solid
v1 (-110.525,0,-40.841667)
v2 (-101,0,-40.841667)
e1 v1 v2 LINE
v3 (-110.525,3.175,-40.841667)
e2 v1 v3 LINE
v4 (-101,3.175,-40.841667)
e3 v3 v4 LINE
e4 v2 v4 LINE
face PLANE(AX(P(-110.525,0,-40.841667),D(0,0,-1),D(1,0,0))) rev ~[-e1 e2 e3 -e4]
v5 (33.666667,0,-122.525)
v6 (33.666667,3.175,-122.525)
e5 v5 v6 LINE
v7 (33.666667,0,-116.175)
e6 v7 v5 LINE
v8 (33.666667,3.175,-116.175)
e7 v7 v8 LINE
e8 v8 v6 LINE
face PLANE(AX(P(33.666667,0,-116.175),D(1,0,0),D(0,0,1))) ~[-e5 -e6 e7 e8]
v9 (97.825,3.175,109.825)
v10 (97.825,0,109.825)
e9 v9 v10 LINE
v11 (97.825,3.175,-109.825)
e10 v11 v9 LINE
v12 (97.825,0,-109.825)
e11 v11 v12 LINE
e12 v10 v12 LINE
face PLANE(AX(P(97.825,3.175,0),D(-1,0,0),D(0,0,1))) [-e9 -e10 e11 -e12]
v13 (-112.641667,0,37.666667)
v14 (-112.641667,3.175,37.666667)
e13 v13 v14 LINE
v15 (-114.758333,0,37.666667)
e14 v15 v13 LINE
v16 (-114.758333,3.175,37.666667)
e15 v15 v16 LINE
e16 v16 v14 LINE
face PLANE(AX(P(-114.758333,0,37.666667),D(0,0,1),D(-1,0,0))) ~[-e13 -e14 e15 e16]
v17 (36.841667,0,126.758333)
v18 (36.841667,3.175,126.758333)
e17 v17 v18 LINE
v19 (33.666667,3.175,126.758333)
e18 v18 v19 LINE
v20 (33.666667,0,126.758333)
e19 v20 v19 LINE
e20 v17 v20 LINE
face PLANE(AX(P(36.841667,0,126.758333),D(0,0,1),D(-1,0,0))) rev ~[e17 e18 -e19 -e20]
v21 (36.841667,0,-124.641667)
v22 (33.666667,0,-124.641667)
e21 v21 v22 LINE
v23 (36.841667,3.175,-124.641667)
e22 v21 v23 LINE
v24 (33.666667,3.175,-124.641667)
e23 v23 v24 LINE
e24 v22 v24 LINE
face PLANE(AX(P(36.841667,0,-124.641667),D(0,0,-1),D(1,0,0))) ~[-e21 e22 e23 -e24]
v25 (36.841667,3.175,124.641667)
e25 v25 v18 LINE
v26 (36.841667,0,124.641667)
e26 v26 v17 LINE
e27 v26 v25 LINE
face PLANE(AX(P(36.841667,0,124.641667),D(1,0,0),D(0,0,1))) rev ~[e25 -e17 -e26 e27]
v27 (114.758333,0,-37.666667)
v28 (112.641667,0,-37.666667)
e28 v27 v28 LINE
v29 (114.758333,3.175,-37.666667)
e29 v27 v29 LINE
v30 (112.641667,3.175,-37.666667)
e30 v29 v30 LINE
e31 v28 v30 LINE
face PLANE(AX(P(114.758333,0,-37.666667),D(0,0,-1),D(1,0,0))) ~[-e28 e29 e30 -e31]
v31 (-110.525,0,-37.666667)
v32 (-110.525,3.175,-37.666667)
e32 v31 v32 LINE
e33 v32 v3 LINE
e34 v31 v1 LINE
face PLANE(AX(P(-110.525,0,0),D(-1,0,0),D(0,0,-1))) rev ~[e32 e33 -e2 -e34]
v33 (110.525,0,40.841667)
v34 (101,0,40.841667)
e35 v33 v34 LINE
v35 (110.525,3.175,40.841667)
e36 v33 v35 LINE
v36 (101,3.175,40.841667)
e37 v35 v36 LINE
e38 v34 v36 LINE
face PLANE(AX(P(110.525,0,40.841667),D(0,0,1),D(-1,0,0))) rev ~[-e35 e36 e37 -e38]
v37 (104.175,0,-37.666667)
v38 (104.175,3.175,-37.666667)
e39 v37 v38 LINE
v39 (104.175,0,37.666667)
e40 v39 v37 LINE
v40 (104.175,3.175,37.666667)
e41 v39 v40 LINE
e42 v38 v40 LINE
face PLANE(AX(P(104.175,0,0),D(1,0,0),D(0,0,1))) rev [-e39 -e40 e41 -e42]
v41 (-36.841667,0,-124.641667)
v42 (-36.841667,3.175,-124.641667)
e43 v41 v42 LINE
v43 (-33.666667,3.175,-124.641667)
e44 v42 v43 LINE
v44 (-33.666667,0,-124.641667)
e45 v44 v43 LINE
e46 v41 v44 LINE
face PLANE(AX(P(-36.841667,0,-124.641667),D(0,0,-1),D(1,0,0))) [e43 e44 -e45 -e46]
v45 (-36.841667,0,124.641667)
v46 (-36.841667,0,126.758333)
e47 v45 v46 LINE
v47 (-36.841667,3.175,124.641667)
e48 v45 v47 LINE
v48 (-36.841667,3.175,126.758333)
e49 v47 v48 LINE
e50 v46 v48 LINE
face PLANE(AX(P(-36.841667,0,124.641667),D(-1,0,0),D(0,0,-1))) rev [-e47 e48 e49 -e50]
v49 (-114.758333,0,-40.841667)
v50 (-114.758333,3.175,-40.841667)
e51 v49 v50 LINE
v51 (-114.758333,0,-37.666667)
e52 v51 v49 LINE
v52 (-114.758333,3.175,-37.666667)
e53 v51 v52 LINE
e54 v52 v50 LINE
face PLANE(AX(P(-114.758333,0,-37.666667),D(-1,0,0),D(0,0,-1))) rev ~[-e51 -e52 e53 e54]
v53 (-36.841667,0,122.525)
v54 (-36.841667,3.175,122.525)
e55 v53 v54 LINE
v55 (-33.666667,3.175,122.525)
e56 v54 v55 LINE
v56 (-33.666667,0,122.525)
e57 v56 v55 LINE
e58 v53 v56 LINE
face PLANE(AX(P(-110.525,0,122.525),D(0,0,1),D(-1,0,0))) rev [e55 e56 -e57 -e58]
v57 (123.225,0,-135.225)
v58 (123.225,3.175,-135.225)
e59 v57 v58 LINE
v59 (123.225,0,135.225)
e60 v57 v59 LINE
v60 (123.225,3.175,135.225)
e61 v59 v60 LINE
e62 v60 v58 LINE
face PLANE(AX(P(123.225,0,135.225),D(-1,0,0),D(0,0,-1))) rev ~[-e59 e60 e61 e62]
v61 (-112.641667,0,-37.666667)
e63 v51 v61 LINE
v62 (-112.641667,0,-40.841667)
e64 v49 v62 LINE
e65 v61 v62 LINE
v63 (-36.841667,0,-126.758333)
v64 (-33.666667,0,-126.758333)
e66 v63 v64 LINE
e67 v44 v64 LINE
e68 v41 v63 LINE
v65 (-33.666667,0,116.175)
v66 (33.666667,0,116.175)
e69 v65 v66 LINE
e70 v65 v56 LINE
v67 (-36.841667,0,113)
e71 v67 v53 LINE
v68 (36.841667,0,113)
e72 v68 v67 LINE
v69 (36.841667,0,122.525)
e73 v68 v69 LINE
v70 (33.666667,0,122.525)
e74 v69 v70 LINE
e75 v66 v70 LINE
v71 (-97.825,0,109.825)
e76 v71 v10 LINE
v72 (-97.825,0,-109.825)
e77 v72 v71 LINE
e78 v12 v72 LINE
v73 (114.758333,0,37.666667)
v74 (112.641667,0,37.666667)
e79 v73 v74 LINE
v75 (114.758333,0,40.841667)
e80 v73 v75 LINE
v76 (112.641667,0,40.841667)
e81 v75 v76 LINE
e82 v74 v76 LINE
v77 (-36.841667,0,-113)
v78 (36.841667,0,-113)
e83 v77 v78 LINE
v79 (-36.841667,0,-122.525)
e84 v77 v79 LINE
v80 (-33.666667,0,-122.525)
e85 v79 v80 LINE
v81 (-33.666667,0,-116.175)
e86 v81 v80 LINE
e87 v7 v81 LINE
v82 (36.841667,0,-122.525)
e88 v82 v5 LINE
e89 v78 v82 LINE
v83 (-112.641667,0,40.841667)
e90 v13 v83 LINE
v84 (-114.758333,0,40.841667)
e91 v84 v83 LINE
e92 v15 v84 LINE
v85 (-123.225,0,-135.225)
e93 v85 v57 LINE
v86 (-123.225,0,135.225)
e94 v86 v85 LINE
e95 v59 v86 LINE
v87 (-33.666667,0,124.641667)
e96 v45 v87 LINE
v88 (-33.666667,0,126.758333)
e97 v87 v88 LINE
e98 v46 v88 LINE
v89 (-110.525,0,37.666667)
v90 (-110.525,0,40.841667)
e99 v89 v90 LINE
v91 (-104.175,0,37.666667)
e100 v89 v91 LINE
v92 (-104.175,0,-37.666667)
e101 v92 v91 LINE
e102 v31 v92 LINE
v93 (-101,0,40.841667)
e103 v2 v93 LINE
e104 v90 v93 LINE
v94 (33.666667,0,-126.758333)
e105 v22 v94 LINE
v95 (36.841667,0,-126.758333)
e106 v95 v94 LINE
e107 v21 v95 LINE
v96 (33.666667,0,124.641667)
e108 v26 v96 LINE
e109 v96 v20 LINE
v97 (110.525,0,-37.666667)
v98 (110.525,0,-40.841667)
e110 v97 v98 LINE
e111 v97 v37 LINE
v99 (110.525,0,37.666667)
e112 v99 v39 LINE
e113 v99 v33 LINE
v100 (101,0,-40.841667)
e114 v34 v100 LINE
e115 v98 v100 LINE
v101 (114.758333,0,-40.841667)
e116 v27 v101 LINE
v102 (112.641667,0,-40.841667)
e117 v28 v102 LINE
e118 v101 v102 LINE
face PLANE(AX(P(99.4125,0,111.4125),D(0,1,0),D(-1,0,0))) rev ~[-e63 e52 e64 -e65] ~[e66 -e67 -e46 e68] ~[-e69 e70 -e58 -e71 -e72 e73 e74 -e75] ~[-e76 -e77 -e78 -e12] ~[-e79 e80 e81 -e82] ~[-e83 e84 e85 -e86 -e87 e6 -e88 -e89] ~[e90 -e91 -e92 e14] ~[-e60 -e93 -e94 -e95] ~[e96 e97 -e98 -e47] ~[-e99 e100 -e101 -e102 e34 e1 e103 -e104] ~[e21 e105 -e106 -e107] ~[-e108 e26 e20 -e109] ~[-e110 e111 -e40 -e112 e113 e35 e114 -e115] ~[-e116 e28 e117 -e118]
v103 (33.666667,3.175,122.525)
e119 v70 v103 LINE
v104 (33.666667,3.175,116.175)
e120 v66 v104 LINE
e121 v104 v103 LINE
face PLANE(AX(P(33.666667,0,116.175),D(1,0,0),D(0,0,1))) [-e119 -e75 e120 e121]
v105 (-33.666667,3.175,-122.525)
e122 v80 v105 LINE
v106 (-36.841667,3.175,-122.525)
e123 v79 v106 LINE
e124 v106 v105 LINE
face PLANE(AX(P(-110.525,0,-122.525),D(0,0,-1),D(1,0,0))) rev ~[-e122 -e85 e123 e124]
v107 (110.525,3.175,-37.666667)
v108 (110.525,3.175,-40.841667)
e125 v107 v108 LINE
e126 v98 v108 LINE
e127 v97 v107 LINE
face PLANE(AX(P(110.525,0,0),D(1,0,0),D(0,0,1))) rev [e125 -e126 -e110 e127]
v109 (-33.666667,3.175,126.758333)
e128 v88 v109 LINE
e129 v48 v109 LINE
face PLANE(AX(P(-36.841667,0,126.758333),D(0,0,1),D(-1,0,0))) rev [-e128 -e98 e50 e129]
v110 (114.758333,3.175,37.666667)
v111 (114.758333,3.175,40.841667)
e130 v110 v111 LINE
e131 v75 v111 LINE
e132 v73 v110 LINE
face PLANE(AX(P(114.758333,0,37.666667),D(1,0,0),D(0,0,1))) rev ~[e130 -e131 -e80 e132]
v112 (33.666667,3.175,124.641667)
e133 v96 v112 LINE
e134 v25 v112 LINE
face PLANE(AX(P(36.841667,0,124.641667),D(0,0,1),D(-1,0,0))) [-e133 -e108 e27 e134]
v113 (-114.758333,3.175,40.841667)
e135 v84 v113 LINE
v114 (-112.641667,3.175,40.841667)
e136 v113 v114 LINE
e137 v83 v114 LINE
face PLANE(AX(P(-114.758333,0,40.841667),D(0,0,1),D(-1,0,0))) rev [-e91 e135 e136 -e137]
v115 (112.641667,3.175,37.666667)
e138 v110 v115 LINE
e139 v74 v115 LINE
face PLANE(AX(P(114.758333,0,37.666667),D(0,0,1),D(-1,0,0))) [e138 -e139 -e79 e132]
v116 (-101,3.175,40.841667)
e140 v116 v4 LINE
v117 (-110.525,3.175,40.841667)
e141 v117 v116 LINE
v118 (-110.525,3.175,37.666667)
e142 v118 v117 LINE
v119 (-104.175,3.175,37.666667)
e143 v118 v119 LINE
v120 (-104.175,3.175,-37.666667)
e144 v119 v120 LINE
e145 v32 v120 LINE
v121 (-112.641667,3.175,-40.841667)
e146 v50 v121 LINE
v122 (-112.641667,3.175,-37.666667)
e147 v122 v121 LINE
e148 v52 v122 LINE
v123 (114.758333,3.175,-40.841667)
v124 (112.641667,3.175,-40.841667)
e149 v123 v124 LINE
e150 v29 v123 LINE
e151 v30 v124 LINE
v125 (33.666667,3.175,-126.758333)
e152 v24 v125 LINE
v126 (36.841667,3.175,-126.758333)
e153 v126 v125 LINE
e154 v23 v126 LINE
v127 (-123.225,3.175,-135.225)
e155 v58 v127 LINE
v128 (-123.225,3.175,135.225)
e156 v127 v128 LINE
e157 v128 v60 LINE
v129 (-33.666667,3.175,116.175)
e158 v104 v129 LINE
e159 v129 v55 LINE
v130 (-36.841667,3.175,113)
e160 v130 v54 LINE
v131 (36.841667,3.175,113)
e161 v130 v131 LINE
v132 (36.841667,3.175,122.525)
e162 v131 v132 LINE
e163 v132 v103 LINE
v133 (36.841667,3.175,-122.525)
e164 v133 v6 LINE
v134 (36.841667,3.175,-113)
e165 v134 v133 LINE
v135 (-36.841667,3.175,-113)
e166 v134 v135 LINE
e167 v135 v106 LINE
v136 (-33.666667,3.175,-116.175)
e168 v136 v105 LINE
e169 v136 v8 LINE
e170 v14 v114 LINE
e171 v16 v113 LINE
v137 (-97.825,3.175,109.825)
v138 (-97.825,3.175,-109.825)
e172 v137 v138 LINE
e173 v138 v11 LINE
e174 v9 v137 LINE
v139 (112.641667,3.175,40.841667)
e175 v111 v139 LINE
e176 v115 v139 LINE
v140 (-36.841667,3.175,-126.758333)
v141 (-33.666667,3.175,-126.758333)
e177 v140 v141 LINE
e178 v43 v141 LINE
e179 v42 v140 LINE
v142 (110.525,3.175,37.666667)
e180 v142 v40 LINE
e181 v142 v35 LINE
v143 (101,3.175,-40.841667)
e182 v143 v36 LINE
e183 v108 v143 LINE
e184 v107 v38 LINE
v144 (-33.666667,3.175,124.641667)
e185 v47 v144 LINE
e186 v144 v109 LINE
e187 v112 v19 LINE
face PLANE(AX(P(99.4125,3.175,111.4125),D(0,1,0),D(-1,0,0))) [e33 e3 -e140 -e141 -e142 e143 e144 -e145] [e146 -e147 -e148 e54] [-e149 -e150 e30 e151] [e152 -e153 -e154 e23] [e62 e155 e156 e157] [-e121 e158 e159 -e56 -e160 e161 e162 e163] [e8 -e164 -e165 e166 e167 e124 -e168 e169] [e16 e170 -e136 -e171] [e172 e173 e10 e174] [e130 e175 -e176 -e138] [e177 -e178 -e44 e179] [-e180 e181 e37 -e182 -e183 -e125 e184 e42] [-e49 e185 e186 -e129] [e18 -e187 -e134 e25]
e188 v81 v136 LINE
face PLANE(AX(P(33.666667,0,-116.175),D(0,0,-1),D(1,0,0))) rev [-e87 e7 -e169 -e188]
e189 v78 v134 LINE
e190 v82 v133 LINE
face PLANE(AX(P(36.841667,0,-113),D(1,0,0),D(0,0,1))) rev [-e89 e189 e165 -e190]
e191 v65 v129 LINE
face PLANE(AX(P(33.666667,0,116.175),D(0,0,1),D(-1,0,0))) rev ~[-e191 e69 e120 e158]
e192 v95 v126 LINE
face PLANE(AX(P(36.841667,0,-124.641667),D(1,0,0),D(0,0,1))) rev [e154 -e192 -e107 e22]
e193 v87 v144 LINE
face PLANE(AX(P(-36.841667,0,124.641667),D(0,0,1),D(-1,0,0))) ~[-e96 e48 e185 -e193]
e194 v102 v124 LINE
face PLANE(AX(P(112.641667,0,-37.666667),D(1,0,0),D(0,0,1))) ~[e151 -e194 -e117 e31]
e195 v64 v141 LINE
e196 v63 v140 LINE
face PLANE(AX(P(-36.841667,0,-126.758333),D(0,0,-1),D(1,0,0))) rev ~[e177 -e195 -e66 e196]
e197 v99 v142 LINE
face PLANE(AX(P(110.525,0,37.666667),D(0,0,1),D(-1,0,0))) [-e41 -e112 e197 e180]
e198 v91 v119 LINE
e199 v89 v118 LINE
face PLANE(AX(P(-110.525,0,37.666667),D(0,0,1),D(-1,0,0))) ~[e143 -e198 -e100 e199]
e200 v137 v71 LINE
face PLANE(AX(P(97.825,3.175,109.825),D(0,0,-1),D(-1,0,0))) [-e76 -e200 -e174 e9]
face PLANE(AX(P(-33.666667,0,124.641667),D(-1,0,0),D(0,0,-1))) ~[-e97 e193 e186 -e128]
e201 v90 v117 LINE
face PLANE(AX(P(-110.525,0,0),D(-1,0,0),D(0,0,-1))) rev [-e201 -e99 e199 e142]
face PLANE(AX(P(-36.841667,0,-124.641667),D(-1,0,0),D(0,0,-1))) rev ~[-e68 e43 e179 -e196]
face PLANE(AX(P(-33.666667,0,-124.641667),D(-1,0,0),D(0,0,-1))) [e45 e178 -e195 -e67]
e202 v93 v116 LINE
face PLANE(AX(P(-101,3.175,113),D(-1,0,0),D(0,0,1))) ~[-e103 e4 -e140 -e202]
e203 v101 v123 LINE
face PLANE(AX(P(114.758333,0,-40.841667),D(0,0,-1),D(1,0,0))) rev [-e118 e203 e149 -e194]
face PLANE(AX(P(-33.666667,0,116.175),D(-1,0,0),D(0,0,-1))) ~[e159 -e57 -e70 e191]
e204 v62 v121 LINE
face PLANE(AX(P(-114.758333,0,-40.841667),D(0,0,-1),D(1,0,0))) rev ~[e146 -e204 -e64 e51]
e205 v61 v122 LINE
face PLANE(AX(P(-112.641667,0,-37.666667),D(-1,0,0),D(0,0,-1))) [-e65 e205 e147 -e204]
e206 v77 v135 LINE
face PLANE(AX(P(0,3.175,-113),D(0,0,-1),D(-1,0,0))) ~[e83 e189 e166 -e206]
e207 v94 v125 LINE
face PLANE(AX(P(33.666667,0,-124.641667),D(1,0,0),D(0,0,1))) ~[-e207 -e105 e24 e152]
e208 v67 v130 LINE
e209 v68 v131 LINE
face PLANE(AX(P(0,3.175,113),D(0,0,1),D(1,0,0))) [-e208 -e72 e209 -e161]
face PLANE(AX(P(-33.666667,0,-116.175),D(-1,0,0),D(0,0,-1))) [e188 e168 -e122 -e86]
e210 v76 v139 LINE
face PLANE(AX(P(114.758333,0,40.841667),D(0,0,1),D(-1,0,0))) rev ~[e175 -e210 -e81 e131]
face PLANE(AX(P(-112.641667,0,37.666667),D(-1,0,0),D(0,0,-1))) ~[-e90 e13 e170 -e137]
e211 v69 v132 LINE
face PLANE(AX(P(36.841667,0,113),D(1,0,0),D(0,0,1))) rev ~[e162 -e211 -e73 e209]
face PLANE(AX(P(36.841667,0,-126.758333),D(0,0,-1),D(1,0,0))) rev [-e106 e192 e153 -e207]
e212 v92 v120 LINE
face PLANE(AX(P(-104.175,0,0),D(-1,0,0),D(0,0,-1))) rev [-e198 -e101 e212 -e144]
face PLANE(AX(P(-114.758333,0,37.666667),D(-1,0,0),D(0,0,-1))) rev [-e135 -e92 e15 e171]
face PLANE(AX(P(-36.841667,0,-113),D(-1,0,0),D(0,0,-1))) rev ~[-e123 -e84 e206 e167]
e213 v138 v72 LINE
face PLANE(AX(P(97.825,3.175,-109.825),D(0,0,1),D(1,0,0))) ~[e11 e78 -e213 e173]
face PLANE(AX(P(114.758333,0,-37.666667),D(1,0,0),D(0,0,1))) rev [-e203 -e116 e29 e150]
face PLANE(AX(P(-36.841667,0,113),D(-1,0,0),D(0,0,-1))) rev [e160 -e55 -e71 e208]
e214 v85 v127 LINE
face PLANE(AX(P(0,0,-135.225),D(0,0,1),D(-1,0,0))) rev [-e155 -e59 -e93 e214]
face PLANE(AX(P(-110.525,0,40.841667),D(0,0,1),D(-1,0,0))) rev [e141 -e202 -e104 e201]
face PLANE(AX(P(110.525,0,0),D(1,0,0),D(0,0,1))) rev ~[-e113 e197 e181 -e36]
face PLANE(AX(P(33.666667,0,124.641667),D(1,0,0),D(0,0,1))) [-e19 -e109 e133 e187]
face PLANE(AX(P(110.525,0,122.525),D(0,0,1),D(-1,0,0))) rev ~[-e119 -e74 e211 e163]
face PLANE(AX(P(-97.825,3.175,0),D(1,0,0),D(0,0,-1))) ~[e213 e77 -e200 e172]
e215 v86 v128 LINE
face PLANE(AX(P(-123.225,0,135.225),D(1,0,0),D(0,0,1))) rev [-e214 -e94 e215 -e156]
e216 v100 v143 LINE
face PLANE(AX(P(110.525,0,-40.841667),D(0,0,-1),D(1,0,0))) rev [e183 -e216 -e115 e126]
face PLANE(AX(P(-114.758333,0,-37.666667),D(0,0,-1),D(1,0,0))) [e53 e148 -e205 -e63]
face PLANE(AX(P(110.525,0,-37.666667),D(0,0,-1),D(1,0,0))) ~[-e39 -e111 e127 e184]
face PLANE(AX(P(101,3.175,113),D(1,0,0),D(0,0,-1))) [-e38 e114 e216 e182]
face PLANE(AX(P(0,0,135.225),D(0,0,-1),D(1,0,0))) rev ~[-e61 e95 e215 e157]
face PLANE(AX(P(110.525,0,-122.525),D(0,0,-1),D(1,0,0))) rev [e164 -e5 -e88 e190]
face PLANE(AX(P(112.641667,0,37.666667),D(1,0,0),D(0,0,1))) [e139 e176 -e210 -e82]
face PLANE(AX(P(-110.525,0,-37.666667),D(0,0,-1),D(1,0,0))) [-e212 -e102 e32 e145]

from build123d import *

# Parameters (mm, degrees)
SKETCH1_W                 = 2.116666666
SKETCH1_H                 = 3.175
SKETCH1_W_2               = 3.175
SKETCH1_H_2               = 2.116666666
SKETCH1_W_3               = 6.35
SKETCH1_H_3               = 37.666666667
SKETCH1_W_4               = 33.666666667
SKETCH1_H_4               = 6.35
BOSS_EXTRUDE1_DEPTH       = 3.175
SKETCH3_W                 = 3.175
SKETCH3_H                 = 3.175
SKETCH3_W_2               = 97.825
SKETCH3_H_2               = 109.825
BOSS_EXTRUDE2_DEPTH       = 3.175
MIRROR5_COPY_1_SKETCH_W   = 2.116666666
MIRROR5_COPY_1_SKETCH_H   = 3.175
MIRROR5_COPY_1_SKETCH_W_2 = 3.175
MIRROR5_COPY_1_SKETCH_H_2 = 2.116666666
MIRROR5_COPY_1_SKETCH_W_3 = 6.35
MIRROR5_COPY_1_SKETCH_H_3 = 37.666666667
MIRROR5_COPY_1_SKETCH_W_4 = 33.666666667
MIRROR5_COPY_1_SKETCH_H_4 = 6.35
MIRROR5_COPY_1_DEPTH      = 3.175
MIRROR5_COPY_2_SKETCH_W   = 3.175
MIRROR5_COPY_2_SKETCH_H   = 3.175
MIRROR5_COPY_2_SKETCH_W_2 = 97.825
MIRROR5_COPY_2_SKETCH_H_2 = 109.825
MIRROR5_COPY_2_DEPTH      = 3.175


with BuildPart() as part:
    # Sketch1 → Boss-Extrude1 (new body)
    # profile 1 of 4: a face of its own
    with BuildSketch(Plane(origin=(0, 0, 0), x_dir=(1, 0, 0), z_dir=(0, 1, 0))):
        Polygon((0, 122.525), (0, 135.225), (-123.225, 135.225), (-123.225, 0), (-110.525, 0), (-110.525, 37.666666667), (-110.525, 40.841666667), (-110.525, 122.525), (-78.927699489, 122.525), (-36.841666667, 122.525), (-33.666666667, 122.525), align=None)
        with Locations((-113.7, 39.254166667)):
            Rectangle(SKETCH1_W, SKETCH1_H, mode=Mode.SUBTRACT)
        with Locations((-35.254166667, 125.7)):
            Rectangle(SKETCH1_W_2, SKETCH1_H_2, mode=Mode.SUBTRACT)
    # profile 2 of 4: a face of its own
    with BuildSketch(Plane(origin=(0, 0, 0), x_dir=(1, 0, 0), z_dir=(0, 1, 0))):
        with Locations((-107.35, 18.833333334)):
            Rectangle(SKETCH1_W_3, SKETCH1_H_3)
    # profile 3 of 4: a face of its own
    with BuildSketch(Plane(origin=(0, 0, 0), x_dir=(1, 0, 0), z_dir=(0, 1, 0))):
        Polygon((-36.841666667, 113), (-36.841666667, 122.525), (-78.927699489, 122.525), (-110.525, 122.525), (-110.525, 40.841666667), (-101, 40.841666667), (-101, 113), align=None)
    # profile 4 of 4: a face of its own
    with BuildSketch(Plane(origin=(0, 0, 0), x_dir=(1, 0, 0), z_dir=(0, 1, 0))):
        with Locations((-16.833333334, 119.35)):
            Rectangle(SKETCH1_W_4, SKETCH1_H_4)
    boss_extrude1 = extrude(amount=BOSS_EXTRUDE1_DEPTH)

    # Sketch3 → Boss-Extrude2 (add)
    with BuildSketch(Plane(origin=(0, 3.175, 0), x_dir=(1, 0, 0), z_dir=(0, 1, 0))):
        with Locations((-99.4125, 111.4125)):
            Rectangle(SKETCH3_W, SKETCH3_H)
        with Locations((-48.9125, 111.4125)):
            Rectangle(SKETCH3_W_2, SKETCH3_H)
        with Locations((-99.4125, 54.9125)):
            Rectangle(SKETCH3_W, SKETCH3_H_2)
    boss_extrude2 = extrude(amount=-BOSS_EXTRUDE2_DEPTH)

    # Mirror4: Boss-Extrude1, Boss-Extrude2 across plane
    add(boss_extrude1.mirror(Plane(origin=(0, 0, 0), x_dir=(0, 0, 1), z_dir=(1, 0, 0))))
    add(boss_extrude2.mirror(Plane(origin=(0, 0, 0), x_dir=(0, 0, 1), z_dir=(1, 0, 0))))

    # Mirror5: Boss-Extrude1, Boss-Extrude2 across plane
    add(boss_extrude1.mirror(Plane.XY))
    add(boss_extrude2.mirror(Plane.XY))

    # Mirror5 copy 1 sketch → Mirror5 copy 1 (add)
    # profile 1 of 4: a face of its own
    with BuildSketch(Plane(origin=(0, 0, 0), x_dir=(-1, 0, 0), z_dir=(0, 1, 0))):
        Polygon((0, 122.525), (0, 135.225), (-123.225, 135.225), (-123.225, 0), (-110.525, 0), (-110.525, 37.666666667), (-110.525, 40.841666667), (-110.525, 122.525), (-78.927699489, 122.525), (-36.841666667, 122.525), (-33.666666667, 122.525), align=None)
        with Locations((-113.7, 39.254166667)):
            Rectangle(MIRROR5_COPY_1_SKETCH_W, MIRROR5_COPY_1_SKETCH_H, mode=Mode.SUBTRACT)
        with Locations((-35.254166667, 125.7)):
            Rectangle(MIRROR5_COPY_1_SKETCH_W_2, MIRROR5_COPY_1_SKETCH_H_2, mode=Mode.SUBTRACT)
    # profile 2 of 4: a face of its own
    with BuildSketch(Plane(origin=(0, 0, 0), x_dir=(-1, 0, 0), z_dir=(0, 1, 0))):
        with Locations((-107.35, 18.833333334)):
            Rectangle(MIRROR5_COPY_1_SKETCH_W_3, MIRROR5_COPY_1_SKETCH_H_3)
    # profile 3 of 4: a face of its own
    with BuildSketch(Plane(origin=(0, 0, 0), x_dir=(-1, 0, 0), z_dir=(0, 1, 0))):
        Polygon((-36.841666667, 113), (-36.841666667, 122.525), (-78.927699489, 122.525), (-110.525, 122.525), (-110.525, 40.841666667), (-101, 40.841666667), (-101, 113), align=None)
    # profile 4 of 4: a face of its own
    with BuildSketch(Plane(origin=(0, 0, 0), x_dir=(-1, 0, 0), z_dir=(0, 1, 0))):
        with Locations((-16.833333334, 119.35)):
            Rectangle(MIRROR5_COPY_1_SKETCH_W_4, MIRROR5_COPY_1_SKETCH_H_4)
    extrude(amount=MIRROR5_COPY_1_DEPTH)

    # Mirror5 copy 2 sketch → Mirror5 copy 2 (add)
    with BuildSketch(Plane(origin=(0, 3.175, 0), x_dir=(-1, 0, 0), z_dir=(0, 1, 0))):
        with Locations((-99.4125, 111.4125)):
            Rectangle(MIRROR5_COPY_2_SKETCH_W, MIRROR5_COPY_2_SKETCH_H)
        with Locations((-48.9125, 111.4125)):
            Rectangle(MIRROR5_COPY_2_SKETCH_W_2, MIRROR5_COPY_2_SKETCH_H)
        with Locations((-99.4125, 54.9125)):
            Rectangle(MIRROR5_COPY_2_SKETCH_W, MIRROR5_COPY_2_SKETCH_H_2)
    extrude(amount=-MIRROR5_COPY_2_DEPTH)


solid = part.part
